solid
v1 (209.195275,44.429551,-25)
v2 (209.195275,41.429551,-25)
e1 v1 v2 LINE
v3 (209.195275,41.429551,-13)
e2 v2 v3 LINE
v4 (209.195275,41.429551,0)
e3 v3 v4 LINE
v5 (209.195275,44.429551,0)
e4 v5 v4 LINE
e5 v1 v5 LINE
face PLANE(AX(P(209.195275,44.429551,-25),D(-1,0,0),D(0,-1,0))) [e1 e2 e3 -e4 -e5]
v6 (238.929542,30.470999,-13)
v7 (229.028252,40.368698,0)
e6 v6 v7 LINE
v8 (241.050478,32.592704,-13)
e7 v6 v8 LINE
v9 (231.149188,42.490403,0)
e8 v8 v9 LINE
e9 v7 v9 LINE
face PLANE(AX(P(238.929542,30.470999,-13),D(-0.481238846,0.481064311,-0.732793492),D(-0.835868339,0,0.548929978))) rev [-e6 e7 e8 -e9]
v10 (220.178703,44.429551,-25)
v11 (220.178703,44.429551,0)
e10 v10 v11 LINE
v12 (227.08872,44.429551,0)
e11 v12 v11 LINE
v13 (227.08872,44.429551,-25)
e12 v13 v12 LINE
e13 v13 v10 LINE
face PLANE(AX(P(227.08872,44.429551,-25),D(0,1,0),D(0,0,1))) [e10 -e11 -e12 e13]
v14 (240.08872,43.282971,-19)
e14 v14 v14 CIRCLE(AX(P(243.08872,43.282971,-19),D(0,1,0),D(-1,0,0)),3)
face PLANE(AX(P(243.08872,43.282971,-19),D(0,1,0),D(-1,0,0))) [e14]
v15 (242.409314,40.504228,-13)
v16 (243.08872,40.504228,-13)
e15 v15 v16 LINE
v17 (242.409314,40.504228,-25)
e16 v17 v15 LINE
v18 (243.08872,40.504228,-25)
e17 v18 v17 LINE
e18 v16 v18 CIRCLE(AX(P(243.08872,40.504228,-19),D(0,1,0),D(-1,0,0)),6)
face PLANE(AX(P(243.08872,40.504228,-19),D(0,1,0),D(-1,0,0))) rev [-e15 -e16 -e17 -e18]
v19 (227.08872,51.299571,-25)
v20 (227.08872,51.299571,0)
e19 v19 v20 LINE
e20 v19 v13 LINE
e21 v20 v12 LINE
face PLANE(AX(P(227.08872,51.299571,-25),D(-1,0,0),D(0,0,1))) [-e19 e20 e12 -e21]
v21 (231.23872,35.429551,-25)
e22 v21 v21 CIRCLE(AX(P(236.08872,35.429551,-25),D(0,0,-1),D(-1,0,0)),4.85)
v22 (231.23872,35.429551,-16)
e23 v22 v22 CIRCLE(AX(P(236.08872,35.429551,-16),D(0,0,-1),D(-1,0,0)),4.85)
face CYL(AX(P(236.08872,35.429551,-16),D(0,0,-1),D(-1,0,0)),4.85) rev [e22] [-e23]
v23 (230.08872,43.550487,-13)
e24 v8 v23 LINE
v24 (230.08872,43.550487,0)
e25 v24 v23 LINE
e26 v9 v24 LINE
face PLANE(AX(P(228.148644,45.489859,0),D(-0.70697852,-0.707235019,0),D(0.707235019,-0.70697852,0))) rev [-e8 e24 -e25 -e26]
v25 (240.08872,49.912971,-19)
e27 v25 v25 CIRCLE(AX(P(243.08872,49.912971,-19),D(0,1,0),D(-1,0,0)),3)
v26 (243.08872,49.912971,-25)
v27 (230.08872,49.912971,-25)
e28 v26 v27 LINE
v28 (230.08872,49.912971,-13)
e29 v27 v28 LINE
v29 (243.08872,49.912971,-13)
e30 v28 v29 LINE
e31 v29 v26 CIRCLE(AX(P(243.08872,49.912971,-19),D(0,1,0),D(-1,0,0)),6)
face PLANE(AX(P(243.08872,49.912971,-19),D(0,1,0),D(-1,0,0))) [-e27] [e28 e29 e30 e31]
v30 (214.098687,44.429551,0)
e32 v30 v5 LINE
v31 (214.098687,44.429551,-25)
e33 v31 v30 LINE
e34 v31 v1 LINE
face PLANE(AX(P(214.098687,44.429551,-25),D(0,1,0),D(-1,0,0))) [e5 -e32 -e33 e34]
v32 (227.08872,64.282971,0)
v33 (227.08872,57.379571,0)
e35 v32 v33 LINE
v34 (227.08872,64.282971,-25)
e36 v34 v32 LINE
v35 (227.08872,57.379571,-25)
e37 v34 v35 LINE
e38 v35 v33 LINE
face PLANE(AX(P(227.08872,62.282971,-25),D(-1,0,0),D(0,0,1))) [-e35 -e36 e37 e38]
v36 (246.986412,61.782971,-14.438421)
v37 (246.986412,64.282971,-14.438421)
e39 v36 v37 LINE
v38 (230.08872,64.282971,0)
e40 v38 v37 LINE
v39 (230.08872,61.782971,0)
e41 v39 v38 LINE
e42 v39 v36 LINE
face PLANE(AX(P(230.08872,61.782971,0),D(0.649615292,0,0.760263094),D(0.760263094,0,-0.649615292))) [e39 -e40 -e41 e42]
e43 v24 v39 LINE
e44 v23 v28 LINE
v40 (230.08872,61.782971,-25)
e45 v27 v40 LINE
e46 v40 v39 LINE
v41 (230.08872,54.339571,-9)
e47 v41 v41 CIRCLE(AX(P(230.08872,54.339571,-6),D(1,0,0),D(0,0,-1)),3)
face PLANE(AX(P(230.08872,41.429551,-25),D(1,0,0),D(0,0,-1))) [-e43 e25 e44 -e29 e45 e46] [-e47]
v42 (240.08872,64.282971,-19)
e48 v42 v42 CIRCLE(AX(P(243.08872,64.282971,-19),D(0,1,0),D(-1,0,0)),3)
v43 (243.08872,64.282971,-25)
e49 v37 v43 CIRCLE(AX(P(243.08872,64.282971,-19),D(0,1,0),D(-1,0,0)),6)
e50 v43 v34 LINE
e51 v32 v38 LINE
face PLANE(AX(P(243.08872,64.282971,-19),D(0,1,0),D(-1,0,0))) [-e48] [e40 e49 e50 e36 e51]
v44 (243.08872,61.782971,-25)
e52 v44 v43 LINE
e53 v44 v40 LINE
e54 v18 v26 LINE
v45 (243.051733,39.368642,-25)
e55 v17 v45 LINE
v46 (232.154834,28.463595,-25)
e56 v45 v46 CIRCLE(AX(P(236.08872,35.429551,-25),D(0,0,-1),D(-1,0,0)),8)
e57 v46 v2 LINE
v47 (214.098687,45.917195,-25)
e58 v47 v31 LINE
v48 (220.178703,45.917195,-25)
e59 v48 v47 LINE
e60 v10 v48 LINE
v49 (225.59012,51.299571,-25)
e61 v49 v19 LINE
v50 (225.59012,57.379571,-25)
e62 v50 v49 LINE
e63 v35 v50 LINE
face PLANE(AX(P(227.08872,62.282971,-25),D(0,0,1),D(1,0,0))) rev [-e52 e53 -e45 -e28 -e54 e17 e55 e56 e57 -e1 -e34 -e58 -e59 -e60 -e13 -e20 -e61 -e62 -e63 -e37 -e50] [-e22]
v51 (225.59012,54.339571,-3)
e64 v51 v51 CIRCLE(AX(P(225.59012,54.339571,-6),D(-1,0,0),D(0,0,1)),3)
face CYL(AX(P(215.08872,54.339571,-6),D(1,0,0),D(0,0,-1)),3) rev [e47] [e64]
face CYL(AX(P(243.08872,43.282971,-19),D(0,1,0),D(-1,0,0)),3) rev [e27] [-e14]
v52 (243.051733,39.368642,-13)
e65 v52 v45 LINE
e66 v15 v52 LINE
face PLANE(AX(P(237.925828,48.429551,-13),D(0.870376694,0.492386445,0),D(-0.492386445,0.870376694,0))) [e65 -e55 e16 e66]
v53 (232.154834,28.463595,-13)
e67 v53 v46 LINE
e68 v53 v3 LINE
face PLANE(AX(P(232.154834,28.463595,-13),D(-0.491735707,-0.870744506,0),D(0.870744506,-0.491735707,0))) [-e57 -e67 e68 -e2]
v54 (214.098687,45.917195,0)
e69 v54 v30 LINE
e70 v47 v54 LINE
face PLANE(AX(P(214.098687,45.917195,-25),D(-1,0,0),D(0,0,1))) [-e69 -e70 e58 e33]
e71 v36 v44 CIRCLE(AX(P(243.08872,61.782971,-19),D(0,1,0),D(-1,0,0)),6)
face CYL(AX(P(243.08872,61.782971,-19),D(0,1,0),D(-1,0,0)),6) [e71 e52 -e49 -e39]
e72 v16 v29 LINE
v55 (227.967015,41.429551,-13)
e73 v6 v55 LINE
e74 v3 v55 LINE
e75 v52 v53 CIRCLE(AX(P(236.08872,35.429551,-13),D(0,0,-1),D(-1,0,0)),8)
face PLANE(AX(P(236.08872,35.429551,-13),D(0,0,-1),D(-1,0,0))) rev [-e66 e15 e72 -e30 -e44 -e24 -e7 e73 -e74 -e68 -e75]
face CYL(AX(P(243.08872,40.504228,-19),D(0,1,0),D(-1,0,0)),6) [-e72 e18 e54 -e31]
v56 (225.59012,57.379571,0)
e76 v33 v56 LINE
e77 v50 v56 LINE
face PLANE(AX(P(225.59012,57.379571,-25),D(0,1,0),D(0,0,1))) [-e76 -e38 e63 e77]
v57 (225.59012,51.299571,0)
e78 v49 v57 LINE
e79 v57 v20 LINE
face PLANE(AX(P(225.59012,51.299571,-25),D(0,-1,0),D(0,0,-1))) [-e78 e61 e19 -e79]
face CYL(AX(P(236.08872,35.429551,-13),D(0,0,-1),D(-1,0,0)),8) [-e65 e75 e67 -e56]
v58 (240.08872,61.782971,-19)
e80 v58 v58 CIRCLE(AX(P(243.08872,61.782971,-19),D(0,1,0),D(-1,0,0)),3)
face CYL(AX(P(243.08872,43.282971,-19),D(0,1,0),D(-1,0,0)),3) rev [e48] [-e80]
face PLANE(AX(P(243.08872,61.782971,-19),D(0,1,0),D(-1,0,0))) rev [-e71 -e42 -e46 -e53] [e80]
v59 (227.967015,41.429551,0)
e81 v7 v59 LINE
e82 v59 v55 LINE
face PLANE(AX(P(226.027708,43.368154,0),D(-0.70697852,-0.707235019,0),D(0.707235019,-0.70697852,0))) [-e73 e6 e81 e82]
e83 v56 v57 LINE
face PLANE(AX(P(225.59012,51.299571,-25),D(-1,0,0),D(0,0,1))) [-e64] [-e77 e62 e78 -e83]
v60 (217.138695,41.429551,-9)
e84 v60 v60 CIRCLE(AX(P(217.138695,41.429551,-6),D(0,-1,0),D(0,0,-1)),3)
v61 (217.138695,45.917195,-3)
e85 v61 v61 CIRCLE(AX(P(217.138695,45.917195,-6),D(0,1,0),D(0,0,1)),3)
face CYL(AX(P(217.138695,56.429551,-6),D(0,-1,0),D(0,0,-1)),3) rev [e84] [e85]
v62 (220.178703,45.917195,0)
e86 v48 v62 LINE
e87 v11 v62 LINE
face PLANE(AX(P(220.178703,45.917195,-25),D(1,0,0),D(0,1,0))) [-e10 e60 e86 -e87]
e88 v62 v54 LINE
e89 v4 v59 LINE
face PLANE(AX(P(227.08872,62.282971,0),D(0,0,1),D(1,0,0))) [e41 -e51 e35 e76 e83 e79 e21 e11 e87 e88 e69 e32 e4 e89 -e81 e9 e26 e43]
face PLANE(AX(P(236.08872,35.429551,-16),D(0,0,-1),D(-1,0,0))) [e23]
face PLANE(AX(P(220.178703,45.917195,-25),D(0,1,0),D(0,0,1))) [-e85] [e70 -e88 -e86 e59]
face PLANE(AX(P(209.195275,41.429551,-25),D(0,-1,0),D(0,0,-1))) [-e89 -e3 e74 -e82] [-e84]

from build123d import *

# Parameters (mm, degrees)
BOSS_EXTRUDE1_DEPTH      = 25
SKETCH2_R                = 3
CUT_EXTRUDE1_DEPTH       = 15
SKETCH3_R                = 3
CUT_EXTRUDE2_DEPTH       = 15
BOSS_EXTRUDE2_DEPTH      = 12
BOSS_EXTRUDE4_DEPTH      = 1.5
SKETCH6_R                = 4.85
CUT_EXTRUDE3_DEPTH       = 9
BOSS_EXTRUDE5_DEPTH      = 2
BOSS_EXTRUDE5_DEPTH_BACK = 0.5
BOSS_EXTRUDE6_START      = -21.77874333
BOSS_EXTRUDE6_DEPTH      = 9.40874333
BOSS_EXTRUDE7_START      = -2.5
BOSS_EXTRUDE7_DEPTH      = 2.5
SKETCH10_R               = 3
CUT_EXTRUDE4_DEPTH       = 21


with BuildPart() as part:
    # Sketch1 → Boss-Extrude1 (new body)
    with BuildSketch(Plane.XY):
        Polygon((227.088719843, 62.282971172), (227.088719843, 57.379571172), (225.590119843, 57.379571172), (225.590119843, 51.299571172), (227.088719843, 51.299571172), (227.088719843, 44.429550862), (220.178702595, 44.429550862), (220.178702595, 45.917195068), (214.098687419, 45.917195068), (214.098687419, 44.429550862), (209.19527518, 44.429550862), (209.19527518, 41.429550862), (230.088719843, 41.429550862), (230.088719843, 62.282971172), align=None)
    extrude(amount=-BOSS_EXTRUDE1_DEPTH)

    # Sketch2 → Cut-Extrude1 (cut)
    with BuildSketch(Plane(origin=(230.088719843, 0, 0), x_dir=(0, 0, -1), z_dir=(1, 0, 0))):
        with Locations((6, 54.339571172)):
            Circle(SKETCH2_R)
    extrude(amount=-CUT_EXTRUDE1_DEPTH, mode=Mode.SUBTRACT)

    # Sketch3 → Cut-Extrude2 (cut)
    with BuildSketch(Plane.XZ.offset(-41.429550862)):
        with Locations((217.138695007, -6)):
            Circle(SKETCH3_R)
    extrude(amount=-CUT_EXTRUDE2_DEPTH, mode=Mode.SUBTRACT)

    # Sketch4 → Boss-Extrude2 (add)
    with BuildSketch(Plane(origin=(0, 0, -25), x_dir=(-1, 0, 0), z_dir=(0, 0, -1))):
        with BuildLine():
            Line((-237.925828106, 48.429550862), (-243.051733392, 39.368642422))
            ThreePointArc((-243.051733392, 39.368642422), (-241.747687926, 29.774811236), (-232.154834185, 28.463594817))
            Line((-232.154834185, 28.463594817), (-209.19527518, 41.429550862))
            Line((-209.19527518, 41.429550862), (-230.088719843, 41.429550862))
            Line((-230.088719843, 41.429550862), (-230.088719843, 48.429550862))
            Line((-230.088719843, 48.429550862), (-237.925828106, 48.429550862))
        make_face()
    extrude(amount=-BOSS_EXTRUDE2_DEPTH)

    # Sketch5 → Boss-Extrude4 (add, symmetric)
    with BuildSketch(Plane(origin=(135.717402312, 135.766641949, 0), x_dir=(0.7072350190117405, -0.7069785201004788, 0), z_dir=(-0.7069785201004788, -0.7072350190117405, 0))):
        Polygon((133.436997596, -13), (147.436997596, -13), (133.436997596, 0), (129.194356979, 0), (129.194356979, -13), align=None)
    extrude(amount=BOSS_EXTRUDE4_DEPTH, both=True)

    # Sketch6 → Cut-Extrude3 (cut)
    with BuildSketch(Plane(origin=(0, 0, -25), x_dir=(-1, 0, 0), z_dir=(0, 0, -1))):
        with Locations((-236.088719843, 35.429550862)):
            Circle(SKETCH6_R)
    extrude(amount=-CUT_EXTRUDE3_DEPTH, mode=Mode.SUBTRACT)

    # Sketch8 → Boss-Extrude5 (add, two sides: drawn at the far end of the back side and taken through both)
    with BuildSketch(Plane(origin=(0, 62.282971172, 0), x_dir=(-1, 0, 0), z_dir=(0, 1, 0)).offset(-BOSS_EXTRUDE5_DEPTH_BACK)):
        with BuildLine():
            Line((-227.088719843, -25), (-243.088719843, -25))
            ThreePointArc((-243.088719843, -25), (-249.088719843, -19), (-243.088719843, -13))
            Line((-243.088719843, -13), (-227.088719843, -13))
            Line((-227.088719843, -13), (-227.088719843, -25))
        make_face()
    extrude(amount=BOSS_EXTRUDE5_DEPTH + BOSS_EXTRUDE5_DEPTH_BACK)

    # Sketch8<2> → Boss-Extrude6 (add)
    with BuildSketch(Plane(origin=(0, 62.282971172, 0), x_dir=(-1, 0, 0), z_dir=(0, 1, 0)).offset(BOSS_EXTRUDE6_START)):
        with BuildLine():
            Line((-227.088719843, -25), (-243.088719843, -25))
            ThreePointArc((-243.088719843, -25), (-249.088719843, -19), (-243.088719843, -13))
            Line((-243.088719843, -13), (-227.088719843, -13))
            Line((-227.088719843, -13), (-227.088719843, -25))
        make_face()
    extrude(amount=BOSS_EXTRUDE6_DEPTH)

    # Sketch9 → Boss-Extrude7 (add)
    with BuildSketch(Plane(origin=(0, 64.282971172, 0), x_dir=(-1, 0, 0), z_dir=(0, 1, 0)).offset(BOSS_EXTRUDE7_START)):
        with BuildLine():
            Line((-227.088719843, -13), (-227.088719843, 0))
            Line((-227.088719843, 0), (-230.088719843, 0))
            Line((-230.088719843, 0), (-246.986411594, -14.438421434))
            ThreePointArc((-246.986411594, -14.438421434), (-245.166041268, -13.371080415), (-243.088719843, -13))
            Line((-243.088719843, -13), (-227.088719843, -13))
        make_face()
    extrude(amount=BOSS_EXTRUDE7_DEPTH)

    # Sketch10 → Cut-Extrude4 (cut)
    with BuildSketch(Plane(origin=(0, 64.282971172, 0), x_dir=(-1, 0, 0), z_dir=(0, 1, 0))):
        with Locations((-243.088719843, -19)):
            Circle(SKETCH10_R)
    extrude(amount=-CUT_EXTRUDE4_DEPTH, mode=Mode.SUBTRACT)


solid = part.part
